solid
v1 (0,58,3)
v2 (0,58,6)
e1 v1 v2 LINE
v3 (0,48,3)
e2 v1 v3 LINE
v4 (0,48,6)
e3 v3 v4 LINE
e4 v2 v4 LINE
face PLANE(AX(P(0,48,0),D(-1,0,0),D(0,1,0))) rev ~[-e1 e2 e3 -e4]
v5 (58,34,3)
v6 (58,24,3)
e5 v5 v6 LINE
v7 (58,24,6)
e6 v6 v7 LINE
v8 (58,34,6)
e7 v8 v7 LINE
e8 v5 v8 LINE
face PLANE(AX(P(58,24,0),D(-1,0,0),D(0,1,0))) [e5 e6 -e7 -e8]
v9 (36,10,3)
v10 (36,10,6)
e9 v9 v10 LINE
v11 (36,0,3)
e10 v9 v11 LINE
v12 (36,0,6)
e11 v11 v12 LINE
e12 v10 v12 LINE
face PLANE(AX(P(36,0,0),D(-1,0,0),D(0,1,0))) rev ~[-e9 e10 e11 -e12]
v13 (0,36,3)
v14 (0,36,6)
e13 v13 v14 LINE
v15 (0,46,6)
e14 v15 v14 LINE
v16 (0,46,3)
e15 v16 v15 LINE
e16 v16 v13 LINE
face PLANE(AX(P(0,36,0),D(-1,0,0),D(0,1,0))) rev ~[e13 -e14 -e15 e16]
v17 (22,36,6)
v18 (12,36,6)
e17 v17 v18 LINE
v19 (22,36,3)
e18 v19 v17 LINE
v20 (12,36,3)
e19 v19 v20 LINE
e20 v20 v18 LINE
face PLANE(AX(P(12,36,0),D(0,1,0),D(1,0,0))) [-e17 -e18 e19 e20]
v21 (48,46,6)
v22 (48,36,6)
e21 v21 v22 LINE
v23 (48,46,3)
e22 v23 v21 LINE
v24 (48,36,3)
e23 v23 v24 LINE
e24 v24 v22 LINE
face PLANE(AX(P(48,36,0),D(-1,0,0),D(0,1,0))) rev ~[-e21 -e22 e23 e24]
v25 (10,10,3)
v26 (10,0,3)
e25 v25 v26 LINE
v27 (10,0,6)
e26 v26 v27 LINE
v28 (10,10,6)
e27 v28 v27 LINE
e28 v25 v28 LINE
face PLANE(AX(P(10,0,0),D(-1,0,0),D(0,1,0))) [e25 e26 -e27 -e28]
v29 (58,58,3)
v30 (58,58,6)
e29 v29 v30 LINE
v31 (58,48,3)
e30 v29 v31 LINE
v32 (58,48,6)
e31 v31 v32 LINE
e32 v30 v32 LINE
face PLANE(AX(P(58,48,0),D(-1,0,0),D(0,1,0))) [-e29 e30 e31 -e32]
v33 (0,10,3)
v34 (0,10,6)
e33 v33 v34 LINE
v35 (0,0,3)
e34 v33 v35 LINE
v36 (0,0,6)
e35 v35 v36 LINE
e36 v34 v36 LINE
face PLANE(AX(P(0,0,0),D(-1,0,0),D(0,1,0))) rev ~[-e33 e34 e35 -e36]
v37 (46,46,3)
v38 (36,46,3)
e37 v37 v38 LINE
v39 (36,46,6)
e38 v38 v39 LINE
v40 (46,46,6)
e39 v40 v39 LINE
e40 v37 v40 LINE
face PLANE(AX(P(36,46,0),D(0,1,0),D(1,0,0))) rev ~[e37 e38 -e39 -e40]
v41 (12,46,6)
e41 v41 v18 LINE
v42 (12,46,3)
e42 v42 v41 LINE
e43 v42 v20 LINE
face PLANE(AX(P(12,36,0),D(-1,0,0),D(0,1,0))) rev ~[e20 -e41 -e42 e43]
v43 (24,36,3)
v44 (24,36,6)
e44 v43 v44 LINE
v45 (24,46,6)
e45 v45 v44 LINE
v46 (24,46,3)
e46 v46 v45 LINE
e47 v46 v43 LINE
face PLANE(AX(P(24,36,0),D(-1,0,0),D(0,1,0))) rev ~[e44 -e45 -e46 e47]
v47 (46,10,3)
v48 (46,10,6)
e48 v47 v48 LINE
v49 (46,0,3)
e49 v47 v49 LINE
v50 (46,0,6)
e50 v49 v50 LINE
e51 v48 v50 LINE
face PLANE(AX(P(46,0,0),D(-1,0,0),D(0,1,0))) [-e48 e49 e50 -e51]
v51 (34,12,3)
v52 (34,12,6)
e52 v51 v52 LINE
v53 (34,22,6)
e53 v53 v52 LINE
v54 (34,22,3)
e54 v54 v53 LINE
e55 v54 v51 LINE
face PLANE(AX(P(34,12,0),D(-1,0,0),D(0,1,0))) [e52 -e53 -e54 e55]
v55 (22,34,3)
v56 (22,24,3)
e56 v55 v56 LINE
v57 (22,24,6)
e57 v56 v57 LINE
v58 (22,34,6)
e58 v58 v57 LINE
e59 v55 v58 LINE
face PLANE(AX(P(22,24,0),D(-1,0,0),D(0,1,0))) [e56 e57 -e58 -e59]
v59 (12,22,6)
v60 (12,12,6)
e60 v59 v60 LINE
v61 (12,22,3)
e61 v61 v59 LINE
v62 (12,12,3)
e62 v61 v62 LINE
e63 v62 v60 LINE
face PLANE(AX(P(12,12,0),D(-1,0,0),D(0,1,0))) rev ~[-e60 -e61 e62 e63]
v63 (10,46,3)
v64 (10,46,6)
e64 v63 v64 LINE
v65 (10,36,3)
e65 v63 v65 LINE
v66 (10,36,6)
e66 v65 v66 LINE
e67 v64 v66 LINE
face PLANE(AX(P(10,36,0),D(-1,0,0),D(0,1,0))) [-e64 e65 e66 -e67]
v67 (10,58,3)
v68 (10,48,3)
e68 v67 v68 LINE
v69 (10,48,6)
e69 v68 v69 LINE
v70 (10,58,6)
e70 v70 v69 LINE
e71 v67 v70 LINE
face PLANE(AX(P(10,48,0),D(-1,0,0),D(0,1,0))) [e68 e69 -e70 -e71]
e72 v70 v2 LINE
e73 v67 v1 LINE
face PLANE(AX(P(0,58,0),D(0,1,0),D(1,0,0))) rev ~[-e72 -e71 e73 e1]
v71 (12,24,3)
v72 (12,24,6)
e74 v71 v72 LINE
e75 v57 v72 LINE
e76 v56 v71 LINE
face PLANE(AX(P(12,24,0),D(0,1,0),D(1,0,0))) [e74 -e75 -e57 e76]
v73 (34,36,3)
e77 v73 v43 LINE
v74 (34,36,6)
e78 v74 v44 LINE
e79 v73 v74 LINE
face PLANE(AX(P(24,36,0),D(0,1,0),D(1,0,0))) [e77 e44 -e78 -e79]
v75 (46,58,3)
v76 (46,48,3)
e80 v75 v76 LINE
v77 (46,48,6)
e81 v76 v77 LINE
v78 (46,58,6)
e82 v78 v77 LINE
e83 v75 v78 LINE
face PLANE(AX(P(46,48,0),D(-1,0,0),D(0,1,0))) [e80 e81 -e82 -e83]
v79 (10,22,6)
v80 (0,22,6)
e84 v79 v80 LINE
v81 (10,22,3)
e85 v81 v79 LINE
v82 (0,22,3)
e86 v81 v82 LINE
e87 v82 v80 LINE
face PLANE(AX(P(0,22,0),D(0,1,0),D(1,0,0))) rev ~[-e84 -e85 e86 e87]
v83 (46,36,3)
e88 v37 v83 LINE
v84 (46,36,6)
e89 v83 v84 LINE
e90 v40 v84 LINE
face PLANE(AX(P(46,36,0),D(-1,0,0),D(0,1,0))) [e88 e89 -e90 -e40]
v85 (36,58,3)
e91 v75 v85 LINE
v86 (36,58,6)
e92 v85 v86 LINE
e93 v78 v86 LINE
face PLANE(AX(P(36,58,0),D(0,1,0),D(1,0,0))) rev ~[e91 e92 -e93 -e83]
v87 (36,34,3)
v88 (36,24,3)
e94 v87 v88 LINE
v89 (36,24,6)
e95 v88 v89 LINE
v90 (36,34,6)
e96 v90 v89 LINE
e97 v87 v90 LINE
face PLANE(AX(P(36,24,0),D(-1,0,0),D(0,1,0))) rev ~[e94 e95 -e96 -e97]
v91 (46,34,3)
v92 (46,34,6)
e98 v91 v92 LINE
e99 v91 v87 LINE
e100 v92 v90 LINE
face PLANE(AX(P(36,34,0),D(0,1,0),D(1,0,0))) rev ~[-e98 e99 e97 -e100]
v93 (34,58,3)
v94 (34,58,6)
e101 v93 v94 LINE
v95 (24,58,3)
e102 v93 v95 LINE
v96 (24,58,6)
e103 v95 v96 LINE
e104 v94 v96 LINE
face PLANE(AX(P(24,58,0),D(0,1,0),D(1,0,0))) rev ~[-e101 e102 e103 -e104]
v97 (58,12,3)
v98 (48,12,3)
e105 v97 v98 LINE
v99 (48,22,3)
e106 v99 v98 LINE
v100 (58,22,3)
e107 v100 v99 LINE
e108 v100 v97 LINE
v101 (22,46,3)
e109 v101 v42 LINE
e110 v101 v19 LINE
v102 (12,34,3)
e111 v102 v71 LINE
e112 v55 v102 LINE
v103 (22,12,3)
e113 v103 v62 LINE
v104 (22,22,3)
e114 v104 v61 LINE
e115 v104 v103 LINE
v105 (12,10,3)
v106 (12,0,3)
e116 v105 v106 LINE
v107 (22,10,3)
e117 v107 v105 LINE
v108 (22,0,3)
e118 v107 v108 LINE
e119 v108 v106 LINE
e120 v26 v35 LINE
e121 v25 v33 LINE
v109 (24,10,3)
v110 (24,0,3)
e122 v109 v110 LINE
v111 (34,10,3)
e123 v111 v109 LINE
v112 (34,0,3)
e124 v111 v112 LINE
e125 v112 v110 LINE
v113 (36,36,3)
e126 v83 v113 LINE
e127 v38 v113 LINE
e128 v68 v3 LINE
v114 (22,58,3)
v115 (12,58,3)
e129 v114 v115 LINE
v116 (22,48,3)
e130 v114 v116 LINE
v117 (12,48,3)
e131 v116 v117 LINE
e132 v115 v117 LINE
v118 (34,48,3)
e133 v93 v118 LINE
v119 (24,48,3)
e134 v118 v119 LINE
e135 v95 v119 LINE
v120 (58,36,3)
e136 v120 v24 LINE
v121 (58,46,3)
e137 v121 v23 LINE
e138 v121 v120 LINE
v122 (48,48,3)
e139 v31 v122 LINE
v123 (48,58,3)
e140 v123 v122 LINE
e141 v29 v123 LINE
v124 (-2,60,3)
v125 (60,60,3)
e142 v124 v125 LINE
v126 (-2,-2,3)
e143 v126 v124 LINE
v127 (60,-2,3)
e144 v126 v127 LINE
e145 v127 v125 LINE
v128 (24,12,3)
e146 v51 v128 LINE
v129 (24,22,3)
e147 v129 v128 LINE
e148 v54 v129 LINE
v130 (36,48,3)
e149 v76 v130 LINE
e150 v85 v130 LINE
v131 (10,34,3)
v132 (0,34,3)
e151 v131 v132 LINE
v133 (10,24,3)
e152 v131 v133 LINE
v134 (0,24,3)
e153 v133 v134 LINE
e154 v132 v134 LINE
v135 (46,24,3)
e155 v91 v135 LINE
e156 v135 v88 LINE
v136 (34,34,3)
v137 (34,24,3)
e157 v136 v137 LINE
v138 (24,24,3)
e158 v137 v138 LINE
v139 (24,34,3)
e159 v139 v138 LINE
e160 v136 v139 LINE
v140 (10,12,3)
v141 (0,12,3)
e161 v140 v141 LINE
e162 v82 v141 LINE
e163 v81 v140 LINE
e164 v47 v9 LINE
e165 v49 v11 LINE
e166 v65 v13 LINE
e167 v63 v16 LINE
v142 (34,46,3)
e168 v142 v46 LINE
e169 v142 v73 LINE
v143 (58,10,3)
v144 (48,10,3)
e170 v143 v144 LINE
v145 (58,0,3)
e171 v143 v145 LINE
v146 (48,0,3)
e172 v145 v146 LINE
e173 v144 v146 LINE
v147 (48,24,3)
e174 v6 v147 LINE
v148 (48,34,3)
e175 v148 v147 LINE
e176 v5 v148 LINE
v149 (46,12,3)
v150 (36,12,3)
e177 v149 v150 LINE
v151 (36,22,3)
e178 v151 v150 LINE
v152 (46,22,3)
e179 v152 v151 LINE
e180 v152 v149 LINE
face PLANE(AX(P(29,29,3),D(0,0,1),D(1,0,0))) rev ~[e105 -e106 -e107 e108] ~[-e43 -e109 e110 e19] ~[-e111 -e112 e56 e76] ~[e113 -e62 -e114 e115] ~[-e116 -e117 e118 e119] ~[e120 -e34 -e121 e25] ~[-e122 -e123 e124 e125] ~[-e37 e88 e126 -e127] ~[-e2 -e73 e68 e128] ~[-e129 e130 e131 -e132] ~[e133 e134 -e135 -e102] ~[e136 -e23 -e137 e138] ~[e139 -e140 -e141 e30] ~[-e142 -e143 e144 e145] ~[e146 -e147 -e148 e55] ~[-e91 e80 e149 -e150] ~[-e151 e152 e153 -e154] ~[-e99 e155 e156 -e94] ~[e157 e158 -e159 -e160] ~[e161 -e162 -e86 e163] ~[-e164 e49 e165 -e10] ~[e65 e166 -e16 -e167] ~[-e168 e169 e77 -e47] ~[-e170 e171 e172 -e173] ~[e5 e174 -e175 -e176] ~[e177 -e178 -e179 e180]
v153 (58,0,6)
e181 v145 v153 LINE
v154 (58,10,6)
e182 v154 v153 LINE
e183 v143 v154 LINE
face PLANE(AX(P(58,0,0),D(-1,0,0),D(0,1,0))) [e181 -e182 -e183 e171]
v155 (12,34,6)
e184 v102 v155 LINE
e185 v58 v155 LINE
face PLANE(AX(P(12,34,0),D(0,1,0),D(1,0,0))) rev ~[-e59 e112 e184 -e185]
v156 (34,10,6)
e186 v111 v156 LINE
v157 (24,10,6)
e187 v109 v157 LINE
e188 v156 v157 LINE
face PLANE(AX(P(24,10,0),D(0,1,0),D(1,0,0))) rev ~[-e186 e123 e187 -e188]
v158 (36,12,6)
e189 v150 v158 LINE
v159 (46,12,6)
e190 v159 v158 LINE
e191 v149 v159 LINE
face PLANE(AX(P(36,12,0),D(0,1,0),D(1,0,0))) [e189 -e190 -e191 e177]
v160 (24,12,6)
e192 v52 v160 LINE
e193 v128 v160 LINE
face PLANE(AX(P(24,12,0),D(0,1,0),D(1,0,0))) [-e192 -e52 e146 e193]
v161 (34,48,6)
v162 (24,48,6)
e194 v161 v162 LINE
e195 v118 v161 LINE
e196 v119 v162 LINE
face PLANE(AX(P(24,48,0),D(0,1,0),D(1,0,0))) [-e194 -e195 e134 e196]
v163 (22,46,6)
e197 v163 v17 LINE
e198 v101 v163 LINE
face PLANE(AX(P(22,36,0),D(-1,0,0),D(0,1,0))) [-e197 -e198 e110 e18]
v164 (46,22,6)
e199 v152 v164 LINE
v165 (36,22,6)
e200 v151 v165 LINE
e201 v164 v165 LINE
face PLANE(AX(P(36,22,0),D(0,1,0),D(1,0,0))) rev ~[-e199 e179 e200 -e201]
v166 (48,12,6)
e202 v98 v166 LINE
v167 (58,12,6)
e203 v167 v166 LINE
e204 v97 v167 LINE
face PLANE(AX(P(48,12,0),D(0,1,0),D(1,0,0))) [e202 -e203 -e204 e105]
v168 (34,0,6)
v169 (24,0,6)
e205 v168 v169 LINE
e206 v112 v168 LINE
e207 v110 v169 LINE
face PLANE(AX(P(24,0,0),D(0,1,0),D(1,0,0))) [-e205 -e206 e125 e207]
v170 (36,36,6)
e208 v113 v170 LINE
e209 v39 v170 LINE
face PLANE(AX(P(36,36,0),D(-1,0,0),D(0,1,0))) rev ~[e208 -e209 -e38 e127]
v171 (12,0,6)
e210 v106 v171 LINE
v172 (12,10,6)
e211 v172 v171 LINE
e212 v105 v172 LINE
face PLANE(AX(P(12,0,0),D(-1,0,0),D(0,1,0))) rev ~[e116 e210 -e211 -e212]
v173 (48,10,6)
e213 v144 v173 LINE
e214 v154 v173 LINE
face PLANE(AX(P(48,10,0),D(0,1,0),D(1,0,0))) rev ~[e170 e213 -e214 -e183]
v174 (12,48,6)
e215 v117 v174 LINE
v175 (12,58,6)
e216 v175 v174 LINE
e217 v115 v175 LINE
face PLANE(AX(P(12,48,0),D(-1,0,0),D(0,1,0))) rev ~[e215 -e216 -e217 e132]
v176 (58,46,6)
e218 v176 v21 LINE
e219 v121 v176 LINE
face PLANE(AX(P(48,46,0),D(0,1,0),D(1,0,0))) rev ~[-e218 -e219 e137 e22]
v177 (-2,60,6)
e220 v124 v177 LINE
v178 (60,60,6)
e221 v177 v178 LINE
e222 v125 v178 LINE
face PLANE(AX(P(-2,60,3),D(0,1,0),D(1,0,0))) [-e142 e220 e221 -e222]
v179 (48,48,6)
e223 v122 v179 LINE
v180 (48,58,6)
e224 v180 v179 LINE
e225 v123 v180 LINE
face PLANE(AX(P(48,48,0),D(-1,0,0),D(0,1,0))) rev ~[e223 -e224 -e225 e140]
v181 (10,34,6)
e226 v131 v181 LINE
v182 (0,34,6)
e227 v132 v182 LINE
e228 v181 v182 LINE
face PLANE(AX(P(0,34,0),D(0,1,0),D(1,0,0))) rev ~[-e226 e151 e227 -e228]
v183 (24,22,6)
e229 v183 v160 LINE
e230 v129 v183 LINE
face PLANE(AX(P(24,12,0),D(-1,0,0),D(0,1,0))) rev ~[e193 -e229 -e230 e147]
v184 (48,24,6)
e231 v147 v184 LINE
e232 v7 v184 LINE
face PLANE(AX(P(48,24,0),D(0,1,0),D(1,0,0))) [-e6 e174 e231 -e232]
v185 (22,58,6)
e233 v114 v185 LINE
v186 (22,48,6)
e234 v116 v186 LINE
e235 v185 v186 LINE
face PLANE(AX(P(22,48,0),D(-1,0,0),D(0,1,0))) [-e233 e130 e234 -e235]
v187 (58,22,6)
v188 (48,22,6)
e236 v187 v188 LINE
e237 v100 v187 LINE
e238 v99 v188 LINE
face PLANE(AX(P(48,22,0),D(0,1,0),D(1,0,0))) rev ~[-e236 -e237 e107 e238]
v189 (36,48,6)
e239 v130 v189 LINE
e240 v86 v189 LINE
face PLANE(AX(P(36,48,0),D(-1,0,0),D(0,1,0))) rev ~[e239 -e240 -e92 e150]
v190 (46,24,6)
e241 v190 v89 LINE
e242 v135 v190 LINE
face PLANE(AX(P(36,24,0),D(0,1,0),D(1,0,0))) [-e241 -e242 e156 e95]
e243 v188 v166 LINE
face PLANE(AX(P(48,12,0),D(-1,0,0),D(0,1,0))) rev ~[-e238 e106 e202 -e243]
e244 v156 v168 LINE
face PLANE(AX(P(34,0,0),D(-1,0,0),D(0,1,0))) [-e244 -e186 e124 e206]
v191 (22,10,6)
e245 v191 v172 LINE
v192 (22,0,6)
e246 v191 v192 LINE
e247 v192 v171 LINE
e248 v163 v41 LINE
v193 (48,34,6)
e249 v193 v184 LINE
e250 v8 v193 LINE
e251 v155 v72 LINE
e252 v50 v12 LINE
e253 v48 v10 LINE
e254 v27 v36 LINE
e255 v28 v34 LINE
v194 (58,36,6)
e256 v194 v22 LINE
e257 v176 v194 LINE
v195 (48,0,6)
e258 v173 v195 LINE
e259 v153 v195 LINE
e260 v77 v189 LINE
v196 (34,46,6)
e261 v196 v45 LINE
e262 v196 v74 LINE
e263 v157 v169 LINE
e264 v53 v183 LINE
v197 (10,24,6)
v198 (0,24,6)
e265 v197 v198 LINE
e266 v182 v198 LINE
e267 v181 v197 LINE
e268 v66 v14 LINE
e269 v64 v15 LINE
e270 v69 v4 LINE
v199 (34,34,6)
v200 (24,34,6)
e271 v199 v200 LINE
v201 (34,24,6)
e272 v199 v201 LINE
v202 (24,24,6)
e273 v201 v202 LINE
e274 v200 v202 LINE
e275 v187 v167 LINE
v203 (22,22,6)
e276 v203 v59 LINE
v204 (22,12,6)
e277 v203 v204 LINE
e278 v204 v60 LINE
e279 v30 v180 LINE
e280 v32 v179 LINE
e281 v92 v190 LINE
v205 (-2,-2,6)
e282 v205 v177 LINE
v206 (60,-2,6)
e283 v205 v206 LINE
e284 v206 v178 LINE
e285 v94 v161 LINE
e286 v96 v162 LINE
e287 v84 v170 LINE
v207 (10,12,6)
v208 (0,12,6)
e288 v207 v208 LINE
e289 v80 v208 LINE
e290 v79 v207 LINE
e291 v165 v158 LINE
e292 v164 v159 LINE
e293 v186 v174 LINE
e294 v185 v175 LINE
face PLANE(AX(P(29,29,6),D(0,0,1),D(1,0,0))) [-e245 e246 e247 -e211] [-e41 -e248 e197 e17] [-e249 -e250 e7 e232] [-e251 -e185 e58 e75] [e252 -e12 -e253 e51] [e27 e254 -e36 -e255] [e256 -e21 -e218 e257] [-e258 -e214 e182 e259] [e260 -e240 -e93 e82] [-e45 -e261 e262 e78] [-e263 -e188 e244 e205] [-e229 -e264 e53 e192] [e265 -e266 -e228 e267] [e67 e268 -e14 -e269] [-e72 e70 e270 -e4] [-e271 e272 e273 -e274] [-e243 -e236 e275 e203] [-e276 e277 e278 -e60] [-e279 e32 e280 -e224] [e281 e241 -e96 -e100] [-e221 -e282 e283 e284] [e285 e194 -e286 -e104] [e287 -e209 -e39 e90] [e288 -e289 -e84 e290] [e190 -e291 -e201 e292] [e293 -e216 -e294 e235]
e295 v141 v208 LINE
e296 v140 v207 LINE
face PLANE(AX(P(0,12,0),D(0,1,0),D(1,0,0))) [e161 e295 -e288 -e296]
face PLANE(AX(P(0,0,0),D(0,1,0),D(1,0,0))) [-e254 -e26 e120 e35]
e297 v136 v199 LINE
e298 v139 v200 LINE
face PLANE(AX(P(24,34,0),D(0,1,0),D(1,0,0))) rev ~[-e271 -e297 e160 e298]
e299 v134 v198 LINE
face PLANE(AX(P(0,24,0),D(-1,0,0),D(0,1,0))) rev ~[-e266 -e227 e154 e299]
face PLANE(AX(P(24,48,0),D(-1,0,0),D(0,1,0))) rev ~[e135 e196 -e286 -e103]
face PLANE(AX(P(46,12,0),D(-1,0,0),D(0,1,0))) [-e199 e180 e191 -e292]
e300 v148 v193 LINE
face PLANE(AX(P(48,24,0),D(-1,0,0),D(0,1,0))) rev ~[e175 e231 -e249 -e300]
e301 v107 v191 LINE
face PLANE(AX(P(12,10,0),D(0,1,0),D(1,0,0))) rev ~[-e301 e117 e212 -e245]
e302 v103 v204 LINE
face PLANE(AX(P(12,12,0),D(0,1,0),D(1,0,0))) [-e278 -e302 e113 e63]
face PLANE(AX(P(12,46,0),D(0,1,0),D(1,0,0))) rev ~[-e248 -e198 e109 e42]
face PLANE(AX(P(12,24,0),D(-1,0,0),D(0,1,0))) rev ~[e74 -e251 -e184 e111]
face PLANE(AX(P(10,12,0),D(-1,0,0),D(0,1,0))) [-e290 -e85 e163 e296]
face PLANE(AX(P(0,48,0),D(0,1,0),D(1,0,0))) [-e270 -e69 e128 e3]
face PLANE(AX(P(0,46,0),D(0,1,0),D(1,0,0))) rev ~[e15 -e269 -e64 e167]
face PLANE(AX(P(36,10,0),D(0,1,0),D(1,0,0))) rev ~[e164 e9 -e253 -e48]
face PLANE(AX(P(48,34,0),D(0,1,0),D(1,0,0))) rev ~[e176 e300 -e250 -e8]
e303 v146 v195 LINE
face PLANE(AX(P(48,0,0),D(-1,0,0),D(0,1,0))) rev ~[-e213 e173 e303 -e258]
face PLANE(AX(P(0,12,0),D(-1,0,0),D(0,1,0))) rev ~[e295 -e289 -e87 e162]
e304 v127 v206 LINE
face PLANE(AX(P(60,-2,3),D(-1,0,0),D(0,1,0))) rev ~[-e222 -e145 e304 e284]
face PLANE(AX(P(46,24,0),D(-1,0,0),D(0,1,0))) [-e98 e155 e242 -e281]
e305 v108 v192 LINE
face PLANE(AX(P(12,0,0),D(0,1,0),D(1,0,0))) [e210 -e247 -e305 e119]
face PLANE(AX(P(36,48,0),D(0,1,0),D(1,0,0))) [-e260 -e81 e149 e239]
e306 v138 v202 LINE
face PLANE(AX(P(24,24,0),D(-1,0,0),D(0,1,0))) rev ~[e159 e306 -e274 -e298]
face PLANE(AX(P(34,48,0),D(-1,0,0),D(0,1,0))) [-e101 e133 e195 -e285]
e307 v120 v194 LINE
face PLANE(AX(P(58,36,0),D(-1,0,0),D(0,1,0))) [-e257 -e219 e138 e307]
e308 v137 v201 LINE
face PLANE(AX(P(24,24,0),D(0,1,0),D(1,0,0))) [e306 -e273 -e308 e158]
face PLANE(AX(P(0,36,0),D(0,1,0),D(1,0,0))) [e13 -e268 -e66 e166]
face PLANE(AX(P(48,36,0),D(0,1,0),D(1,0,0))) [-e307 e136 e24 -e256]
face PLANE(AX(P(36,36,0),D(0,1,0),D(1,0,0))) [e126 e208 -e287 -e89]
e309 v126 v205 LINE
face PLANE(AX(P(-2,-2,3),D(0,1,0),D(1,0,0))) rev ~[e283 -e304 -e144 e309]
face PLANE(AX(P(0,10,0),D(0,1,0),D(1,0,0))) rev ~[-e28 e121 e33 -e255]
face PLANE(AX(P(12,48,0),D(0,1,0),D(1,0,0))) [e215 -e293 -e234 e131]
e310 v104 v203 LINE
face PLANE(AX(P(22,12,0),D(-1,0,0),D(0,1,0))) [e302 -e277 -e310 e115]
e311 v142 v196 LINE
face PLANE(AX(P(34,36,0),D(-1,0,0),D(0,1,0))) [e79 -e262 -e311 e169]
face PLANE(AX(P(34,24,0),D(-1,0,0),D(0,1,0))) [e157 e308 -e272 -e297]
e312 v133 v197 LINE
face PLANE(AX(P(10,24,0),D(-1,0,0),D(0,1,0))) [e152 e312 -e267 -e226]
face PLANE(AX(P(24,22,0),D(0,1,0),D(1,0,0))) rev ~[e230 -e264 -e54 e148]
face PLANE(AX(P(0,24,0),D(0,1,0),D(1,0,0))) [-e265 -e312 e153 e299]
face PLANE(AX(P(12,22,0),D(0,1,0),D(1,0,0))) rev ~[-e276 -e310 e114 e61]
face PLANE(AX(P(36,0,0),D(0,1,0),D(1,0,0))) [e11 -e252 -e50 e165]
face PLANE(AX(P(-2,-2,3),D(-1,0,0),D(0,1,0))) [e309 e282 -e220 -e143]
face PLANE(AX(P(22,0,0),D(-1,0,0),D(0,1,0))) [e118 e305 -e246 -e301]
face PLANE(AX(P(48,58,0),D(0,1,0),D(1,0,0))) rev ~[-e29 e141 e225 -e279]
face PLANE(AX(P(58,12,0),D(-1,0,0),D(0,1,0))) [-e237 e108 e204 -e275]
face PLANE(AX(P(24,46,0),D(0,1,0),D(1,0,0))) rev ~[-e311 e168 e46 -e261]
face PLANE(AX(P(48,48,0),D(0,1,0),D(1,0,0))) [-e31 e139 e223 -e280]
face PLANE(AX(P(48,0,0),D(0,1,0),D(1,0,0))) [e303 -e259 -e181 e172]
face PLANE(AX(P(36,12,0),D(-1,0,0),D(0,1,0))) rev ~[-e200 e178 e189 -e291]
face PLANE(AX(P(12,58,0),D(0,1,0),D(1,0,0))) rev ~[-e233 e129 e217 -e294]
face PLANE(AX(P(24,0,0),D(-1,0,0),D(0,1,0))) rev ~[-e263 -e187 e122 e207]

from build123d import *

# Parameters (mm, degrees)
BOX002_W         = 10
BOX002_H         = 10
BOX002_DEPTH     = 10
ARRAY001_X_COUNT = 5
ARRAY001_X_PITCH = 12
ARRAY001_Y_COUNT = 5
ARRAY001_Y_PITCH = 12
BOX003_W         = 62
BOX003_H         = 62
BOX003_DEPTH     = 3


with BuildPart() as array001:
    # Box002 → Box002 (new body)
    with BuildSketch(Plane.XY):
        with Locations((5, 5)):
            Rectangle(BOX002_W, BOX002_H)
    extrude(amount=BOX002_DEPTH)

    # Array001 X: Array001 ×5


with BuildPart() as array001_1:
    add(array001.part)
    with Locations(*[(i * ARRAY001_X_PITCH, 0, 0) for i in range(1, ARRAY001_X_COUNT)]):
        add(array001.part)

    # Array001 Y: Array001 ×5


with BuildPart() as array001_2:
    add(array001_1.part)
    with Locations(*[(0, i * ARRAY001_Y_PITCH, 0) for i in range(1, ARRAY001_Y_COUNT)]):
        add(array001_1.part)


with BuildPart() as cut001:
    # Box003 → Box003 (new body)
    with BuildSketch(Plane(origin=(-2, -2, 3), x_dir=(1, 0, 0), z_dir=(0, 0, 1))):
        with Locations((31, 31)):
            Rectangle(BOX003_W, BOX003_H)
    extrude(amount=BOX003_DEPTH)

    # Cut001: cut Array001
    add(array001_2.part, mode=Mode.SUBTRACT)


solid = cut001.part
